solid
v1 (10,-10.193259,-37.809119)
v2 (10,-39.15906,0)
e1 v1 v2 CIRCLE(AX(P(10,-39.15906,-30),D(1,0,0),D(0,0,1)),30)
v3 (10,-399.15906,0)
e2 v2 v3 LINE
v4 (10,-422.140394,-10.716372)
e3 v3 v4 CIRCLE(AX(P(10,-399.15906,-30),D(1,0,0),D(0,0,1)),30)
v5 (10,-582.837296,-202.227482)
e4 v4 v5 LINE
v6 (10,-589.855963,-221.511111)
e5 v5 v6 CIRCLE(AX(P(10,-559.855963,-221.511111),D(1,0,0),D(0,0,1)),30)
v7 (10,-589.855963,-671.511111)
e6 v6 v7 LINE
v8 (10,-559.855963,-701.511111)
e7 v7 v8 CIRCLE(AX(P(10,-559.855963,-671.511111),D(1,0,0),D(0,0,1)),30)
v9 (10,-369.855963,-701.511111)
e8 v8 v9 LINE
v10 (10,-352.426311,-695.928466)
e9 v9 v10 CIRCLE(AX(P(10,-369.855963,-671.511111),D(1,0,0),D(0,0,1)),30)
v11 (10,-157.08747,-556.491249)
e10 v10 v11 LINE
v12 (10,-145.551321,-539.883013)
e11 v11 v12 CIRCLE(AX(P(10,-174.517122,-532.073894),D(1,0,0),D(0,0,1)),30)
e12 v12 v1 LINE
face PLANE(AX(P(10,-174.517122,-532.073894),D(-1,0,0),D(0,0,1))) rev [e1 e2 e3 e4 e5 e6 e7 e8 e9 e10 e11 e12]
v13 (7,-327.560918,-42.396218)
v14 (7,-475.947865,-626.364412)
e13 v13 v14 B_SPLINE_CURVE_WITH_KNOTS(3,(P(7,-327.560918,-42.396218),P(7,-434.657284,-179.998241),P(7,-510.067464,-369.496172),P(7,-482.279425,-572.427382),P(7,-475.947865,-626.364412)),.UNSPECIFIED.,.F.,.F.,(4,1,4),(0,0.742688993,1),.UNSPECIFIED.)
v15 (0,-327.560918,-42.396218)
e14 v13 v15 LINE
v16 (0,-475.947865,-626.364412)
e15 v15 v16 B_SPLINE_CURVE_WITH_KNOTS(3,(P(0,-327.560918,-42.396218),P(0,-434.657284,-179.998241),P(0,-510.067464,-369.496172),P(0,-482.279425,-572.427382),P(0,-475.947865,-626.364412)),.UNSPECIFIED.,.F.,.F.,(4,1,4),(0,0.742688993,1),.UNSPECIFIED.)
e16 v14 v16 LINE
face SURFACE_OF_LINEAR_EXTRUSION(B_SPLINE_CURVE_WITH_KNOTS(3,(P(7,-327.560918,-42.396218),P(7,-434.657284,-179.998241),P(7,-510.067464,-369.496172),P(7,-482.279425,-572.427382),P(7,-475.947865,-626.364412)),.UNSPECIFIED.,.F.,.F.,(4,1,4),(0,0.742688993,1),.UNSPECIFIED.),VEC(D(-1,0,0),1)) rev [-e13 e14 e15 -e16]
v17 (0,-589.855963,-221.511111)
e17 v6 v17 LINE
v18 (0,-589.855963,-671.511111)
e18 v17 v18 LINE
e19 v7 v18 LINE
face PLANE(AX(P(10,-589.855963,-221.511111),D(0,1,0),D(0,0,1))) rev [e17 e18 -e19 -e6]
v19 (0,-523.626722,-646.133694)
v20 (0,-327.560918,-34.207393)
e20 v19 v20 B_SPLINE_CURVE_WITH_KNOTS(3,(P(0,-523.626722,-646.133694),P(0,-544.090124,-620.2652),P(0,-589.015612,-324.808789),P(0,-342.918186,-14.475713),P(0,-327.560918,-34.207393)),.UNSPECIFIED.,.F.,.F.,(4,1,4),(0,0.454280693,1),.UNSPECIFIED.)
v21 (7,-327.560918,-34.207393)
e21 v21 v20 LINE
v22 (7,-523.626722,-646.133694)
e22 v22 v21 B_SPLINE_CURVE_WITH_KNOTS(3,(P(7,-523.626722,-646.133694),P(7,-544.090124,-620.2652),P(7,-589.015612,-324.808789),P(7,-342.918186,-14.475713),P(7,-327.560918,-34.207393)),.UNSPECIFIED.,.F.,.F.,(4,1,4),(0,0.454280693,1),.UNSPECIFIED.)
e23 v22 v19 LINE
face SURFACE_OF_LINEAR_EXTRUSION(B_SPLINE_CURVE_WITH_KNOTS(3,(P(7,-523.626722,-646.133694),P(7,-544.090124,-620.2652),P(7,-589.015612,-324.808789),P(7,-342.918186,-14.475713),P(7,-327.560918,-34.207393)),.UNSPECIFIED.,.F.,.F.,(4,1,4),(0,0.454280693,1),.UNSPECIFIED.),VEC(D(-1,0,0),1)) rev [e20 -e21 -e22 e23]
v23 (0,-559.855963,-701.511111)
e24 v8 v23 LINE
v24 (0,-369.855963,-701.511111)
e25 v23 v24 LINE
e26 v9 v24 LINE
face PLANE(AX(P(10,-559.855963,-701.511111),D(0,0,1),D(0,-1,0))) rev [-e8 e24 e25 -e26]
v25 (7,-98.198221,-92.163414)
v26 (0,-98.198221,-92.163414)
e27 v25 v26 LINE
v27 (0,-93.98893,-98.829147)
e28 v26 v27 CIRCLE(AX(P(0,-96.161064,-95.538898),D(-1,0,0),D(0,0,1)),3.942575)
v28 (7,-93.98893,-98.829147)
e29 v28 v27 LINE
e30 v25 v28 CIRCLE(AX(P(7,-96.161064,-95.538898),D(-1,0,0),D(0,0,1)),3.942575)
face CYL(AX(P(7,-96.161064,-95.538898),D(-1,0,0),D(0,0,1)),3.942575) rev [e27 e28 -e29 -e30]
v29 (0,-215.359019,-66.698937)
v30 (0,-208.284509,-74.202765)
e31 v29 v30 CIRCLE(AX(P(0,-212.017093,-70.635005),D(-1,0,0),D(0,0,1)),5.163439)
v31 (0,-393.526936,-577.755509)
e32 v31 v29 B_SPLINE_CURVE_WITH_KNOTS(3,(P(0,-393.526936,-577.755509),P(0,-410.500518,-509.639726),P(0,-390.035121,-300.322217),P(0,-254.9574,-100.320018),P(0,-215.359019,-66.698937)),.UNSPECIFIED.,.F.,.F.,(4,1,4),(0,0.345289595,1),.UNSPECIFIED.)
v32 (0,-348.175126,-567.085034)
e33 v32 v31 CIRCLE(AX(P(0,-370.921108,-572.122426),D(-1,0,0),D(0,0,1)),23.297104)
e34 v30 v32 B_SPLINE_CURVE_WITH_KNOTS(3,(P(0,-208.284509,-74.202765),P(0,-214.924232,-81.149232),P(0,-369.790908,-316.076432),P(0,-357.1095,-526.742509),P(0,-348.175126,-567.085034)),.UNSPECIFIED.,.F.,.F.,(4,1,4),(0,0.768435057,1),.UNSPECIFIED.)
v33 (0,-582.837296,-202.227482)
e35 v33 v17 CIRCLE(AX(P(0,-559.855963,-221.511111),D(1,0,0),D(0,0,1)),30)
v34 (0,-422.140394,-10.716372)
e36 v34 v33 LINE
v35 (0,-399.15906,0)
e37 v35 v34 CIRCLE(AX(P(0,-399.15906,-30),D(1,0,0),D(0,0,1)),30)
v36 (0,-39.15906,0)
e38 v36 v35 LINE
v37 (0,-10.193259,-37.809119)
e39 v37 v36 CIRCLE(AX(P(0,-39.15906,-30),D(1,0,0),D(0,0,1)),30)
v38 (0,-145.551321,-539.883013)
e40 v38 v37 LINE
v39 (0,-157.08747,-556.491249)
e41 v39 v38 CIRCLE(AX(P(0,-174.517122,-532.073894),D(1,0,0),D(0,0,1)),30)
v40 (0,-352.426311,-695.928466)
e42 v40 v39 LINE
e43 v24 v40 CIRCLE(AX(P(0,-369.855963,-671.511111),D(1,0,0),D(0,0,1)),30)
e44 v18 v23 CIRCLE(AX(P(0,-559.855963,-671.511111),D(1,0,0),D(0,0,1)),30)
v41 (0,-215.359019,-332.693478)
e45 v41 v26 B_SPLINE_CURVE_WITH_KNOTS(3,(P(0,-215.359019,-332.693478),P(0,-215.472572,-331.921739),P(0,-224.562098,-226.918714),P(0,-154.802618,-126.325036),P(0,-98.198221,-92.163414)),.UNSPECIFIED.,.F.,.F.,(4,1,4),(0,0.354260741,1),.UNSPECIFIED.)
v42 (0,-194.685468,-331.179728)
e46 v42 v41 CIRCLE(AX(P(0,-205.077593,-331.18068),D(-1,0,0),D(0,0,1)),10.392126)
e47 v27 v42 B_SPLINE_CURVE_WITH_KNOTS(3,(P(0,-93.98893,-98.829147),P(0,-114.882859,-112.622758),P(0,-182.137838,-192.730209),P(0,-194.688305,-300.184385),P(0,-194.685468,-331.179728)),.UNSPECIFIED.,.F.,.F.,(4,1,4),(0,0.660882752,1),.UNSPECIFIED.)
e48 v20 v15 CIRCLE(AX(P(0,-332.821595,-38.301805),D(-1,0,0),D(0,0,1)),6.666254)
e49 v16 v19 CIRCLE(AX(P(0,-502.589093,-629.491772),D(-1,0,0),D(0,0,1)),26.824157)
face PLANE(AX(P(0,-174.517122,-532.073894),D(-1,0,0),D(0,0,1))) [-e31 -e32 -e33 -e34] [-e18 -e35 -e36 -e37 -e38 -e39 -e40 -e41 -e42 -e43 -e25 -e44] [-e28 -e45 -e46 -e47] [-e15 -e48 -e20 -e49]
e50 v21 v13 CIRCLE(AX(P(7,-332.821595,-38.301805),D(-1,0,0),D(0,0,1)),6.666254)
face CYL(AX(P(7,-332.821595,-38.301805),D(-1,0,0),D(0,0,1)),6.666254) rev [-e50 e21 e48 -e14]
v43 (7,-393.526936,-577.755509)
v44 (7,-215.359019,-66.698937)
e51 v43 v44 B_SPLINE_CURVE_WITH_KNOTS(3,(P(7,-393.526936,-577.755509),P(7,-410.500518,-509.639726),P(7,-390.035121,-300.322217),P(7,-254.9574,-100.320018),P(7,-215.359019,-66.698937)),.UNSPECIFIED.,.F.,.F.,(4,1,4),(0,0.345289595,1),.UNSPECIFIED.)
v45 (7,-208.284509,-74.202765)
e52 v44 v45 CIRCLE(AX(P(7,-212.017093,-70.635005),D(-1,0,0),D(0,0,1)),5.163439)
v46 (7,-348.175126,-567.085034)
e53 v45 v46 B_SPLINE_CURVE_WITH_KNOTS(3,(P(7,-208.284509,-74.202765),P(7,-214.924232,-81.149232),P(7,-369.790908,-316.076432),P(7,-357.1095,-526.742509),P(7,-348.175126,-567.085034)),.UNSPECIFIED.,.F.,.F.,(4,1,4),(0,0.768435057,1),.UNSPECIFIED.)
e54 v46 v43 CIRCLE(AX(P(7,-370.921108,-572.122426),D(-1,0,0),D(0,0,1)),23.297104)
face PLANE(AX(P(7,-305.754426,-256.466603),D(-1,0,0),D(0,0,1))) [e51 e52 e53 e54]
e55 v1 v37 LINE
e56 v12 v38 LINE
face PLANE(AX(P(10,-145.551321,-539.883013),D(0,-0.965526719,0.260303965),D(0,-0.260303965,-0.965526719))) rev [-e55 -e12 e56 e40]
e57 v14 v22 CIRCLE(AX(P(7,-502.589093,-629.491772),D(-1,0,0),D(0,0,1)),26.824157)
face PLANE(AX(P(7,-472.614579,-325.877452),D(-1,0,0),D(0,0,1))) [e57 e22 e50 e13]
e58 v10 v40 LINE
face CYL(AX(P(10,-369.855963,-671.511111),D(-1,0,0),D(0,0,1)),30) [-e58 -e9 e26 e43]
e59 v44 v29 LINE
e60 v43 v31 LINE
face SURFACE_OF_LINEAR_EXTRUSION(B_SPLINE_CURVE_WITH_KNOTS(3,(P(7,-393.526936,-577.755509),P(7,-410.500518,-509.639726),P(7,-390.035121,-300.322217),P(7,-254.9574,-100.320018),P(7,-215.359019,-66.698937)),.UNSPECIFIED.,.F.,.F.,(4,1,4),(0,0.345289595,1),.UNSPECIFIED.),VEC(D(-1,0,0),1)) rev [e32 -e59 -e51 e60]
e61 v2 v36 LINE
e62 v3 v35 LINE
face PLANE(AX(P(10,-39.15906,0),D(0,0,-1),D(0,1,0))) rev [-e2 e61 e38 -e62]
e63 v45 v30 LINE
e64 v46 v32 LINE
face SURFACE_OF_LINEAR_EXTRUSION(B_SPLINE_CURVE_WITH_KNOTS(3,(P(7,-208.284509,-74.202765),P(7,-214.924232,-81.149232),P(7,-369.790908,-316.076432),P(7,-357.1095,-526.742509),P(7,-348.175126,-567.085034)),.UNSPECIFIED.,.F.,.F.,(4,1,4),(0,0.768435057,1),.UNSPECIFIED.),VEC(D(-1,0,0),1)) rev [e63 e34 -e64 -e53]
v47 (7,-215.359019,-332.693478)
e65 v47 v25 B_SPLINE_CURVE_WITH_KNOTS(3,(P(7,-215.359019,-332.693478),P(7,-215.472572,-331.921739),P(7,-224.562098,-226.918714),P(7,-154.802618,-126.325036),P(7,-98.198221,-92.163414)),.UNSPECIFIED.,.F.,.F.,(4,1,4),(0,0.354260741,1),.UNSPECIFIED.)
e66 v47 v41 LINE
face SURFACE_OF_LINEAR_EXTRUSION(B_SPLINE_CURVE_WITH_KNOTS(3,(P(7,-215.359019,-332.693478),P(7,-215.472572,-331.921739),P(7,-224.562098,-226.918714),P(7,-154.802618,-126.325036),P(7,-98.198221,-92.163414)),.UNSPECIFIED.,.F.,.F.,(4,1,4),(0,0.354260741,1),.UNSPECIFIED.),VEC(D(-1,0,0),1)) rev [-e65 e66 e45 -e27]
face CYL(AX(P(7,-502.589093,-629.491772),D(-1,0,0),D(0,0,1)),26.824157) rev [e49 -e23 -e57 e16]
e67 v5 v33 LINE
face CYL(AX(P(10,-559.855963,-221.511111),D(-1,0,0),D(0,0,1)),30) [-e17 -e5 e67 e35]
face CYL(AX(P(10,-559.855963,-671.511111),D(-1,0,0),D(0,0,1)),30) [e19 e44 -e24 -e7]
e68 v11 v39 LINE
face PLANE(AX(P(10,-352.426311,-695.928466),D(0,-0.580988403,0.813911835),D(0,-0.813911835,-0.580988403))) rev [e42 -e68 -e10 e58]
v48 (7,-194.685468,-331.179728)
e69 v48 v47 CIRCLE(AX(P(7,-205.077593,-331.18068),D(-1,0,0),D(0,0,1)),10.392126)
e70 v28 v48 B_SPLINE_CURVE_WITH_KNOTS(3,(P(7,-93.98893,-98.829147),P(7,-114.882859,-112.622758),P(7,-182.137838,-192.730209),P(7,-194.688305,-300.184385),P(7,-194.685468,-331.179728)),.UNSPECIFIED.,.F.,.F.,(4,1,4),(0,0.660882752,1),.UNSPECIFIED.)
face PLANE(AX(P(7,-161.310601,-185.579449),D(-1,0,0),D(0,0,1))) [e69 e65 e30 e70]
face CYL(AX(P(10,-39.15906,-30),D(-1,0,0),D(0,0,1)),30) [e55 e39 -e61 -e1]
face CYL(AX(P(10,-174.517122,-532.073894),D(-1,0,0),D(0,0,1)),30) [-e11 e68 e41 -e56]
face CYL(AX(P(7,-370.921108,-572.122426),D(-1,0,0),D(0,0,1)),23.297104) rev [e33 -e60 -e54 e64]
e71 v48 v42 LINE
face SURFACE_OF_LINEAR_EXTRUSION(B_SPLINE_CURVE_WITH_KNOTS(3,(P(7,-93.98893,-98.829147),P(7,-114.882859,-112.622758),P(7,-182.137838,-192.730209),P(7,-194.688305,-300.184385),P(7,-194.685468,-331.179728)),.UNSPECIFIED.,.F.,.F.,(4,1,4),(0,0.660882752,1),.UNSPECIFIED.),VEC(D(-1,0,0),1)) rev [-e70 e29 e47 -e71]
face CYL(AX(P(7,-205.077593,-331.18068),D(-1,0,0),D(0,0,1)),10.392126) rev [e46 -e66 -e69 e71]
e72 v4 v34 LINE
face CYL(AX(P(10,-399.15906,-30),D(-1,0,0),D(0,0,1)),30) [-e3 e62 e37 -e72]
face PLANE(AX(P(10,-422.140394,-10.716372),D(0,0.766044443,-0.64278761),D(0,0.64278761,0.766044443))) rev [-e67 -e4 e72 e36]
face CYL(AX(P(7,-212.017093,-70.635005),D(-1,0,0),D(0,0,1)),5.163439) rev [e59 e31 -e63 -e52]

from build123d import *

# Parameters (mm, degrees)
BOSS_EXTRUDE1_DEPTH = 10
CUT_EXTRUDE3_DEPTH  = 7


with BuildPart() as part:
    # Sketch1 → Boss-Extrude1 (new body)
    with BuildSketch(Plane(origin=(0, 0, 0), x_dir=(0, 0, -1), z_dir=(1, 0, 0))):
        with BuildLine():
            Line((0, -39.159060238), (0, -399.159060238))
            ThreePointArc((0, -399.159060238), (2.810766389, -411.83760809), (10.716371709, -422.140393531))
            Line((10.716371709, -422.140393531), (202.227482489, -582.837295953))
            ThreePointArc((202.227482489, -582.837295953), (211.25050648, -588.046741283), (221.51111078, -589.855962659))
            Line((221.51111078, -589.855962659), (671.51111078, -589.855962659))
            ThreePointArc((671.51111078, -589.855962659), (692.724314215, -581.069166095), (701.51111078, -559.855962659))
            Line((701.51111078, -559.855962659), (701.51111078, -369.855962659))
            ThreePointArc((701.51111078, -369.855962659), (700.081380744, -360.705024227), (695.928465834, -352.426310564))
            Line((695.928465834, -352.426310564), (556.491249073, -157.087470131))
            ThreePointArc((556.491249073, -157.087470131), (549.188422732, -149.877866821), (539.883012979, -145.551320648))
            Line((539.883012979, -145.551320648), (37.809118961, -10.19325866))
            ThreePointArc((37.809118961, -10.19325866), (11.755460664, -15.344426409), (0, -39.159060238))
        make_face()
    extrude(amount=BOSS_EXTRUDE1_DEPTH)

    # Sketch5 → Cut-Extrude3 (cut)
    with BuildSketch(Plane.ZY):
        with BuildLine():
            ThreePointArc((-331.179728441, -194.685467652), (-341.545058852, -204.318697463), (-332.693478174, -215.359019498))
            add(Edge.make_bspline(
                [(-332.693478174, -215.359019498), (-331.921739283, -215.472572374), (-226.918714052, -224.562098265), (-126.325036043, -154.802617957), (-92.163413905, -98.198220596)],
                knots=[0, 0, 0, 0, 0.354260741, 1, 1, 1, 1], degree=3))
            ThreePointArc((-92.163413905, -98.198220596), (-93.433821546, -92.827514339), (-98.829146805, -93.988930122))
            add(Edge.make_bspline(
                [(-98.829146805, -93.988930122), (-112.622758483, -114.88285895), (-192.730208888, -182.13783781), (-300.184384568, -194.688304583), (-331.179728441, -194.685467652)],
                knots=[0, 0, 0, 0, 0.660882752, 1, 1, 1, 1], degree=3))
        make_face()
        with BuildLine():
            ThreePointArc((-626.364411935, -475.947865394), (-654.270375926, -492.315038086), (-646.133694128, -523.626722446))
            add(Edge.make_bspline(
                [(-646.133694128, -523.626722446), (-620.265200397, -544.090123727), (-324.808789115, -589.015611509), (-14.475713482, -342.918185901), (-34.207392898, -327.560917886)],
                knots=[0, 0, 0, 0, 0.454280693, 1, 1, 1, 1], degree=3))
            ThreePointArc((-34.207392898, -327.560917886), (-38.301805286, -326.1553415), (-42.396217675, -327.560917886))
            add(Edge.make_bspline(
                [(-42.396217675, -327.560917886), (-179.998241324, -434.657283692), (-369.496171973, -510.067463814), (-572.427382245, -482.279425386), (-626.364411935, -475.947865394)],
                knots=[0, 0, 0, 0, 0.742688993, 1, 1, 1, 1], degree=3))
        make_face()
        with BuildLine():
            ThreePointArc((-567.085033992, -348.175125638), (-594.800287265, -365.58541059), (-577.755509271, -393.526935767))
            add(Edge.make_bspline(
                [(-577.755509271, -393.526935767), (-509.639726303, -410.500517765), (-300.322217315, -390.035120939), (-100.320017518, -254.957400328), (-66.698936736, -215.359019498)],
                knots=[0, 0, 0, 0, 0.345289595, 1, 1, 1, 1], degree=3))
            ThreePointArc((-66.698936736, -215.359019498), (-67.092959072, -208.260098077), (-74.202765192, -208.284508838))
            add(Edge.make_bspline(
                [(-74.202765192, -208.284508838), (-81.149231878, -214.924232147), (-316.076431581, -369.790908175), (-526.742508558, -357.109499901), (-567.085033992, -348.175125638)],
                knots=[0, 0, 0, 0, 0.768435057, 1, 1, 1, 1], degree=3))
        make_face()
    extrude(amount=-CUT_EXTRUDE3_DEPTH, mode=Mode.SUBTRACT)


solid = part.part
